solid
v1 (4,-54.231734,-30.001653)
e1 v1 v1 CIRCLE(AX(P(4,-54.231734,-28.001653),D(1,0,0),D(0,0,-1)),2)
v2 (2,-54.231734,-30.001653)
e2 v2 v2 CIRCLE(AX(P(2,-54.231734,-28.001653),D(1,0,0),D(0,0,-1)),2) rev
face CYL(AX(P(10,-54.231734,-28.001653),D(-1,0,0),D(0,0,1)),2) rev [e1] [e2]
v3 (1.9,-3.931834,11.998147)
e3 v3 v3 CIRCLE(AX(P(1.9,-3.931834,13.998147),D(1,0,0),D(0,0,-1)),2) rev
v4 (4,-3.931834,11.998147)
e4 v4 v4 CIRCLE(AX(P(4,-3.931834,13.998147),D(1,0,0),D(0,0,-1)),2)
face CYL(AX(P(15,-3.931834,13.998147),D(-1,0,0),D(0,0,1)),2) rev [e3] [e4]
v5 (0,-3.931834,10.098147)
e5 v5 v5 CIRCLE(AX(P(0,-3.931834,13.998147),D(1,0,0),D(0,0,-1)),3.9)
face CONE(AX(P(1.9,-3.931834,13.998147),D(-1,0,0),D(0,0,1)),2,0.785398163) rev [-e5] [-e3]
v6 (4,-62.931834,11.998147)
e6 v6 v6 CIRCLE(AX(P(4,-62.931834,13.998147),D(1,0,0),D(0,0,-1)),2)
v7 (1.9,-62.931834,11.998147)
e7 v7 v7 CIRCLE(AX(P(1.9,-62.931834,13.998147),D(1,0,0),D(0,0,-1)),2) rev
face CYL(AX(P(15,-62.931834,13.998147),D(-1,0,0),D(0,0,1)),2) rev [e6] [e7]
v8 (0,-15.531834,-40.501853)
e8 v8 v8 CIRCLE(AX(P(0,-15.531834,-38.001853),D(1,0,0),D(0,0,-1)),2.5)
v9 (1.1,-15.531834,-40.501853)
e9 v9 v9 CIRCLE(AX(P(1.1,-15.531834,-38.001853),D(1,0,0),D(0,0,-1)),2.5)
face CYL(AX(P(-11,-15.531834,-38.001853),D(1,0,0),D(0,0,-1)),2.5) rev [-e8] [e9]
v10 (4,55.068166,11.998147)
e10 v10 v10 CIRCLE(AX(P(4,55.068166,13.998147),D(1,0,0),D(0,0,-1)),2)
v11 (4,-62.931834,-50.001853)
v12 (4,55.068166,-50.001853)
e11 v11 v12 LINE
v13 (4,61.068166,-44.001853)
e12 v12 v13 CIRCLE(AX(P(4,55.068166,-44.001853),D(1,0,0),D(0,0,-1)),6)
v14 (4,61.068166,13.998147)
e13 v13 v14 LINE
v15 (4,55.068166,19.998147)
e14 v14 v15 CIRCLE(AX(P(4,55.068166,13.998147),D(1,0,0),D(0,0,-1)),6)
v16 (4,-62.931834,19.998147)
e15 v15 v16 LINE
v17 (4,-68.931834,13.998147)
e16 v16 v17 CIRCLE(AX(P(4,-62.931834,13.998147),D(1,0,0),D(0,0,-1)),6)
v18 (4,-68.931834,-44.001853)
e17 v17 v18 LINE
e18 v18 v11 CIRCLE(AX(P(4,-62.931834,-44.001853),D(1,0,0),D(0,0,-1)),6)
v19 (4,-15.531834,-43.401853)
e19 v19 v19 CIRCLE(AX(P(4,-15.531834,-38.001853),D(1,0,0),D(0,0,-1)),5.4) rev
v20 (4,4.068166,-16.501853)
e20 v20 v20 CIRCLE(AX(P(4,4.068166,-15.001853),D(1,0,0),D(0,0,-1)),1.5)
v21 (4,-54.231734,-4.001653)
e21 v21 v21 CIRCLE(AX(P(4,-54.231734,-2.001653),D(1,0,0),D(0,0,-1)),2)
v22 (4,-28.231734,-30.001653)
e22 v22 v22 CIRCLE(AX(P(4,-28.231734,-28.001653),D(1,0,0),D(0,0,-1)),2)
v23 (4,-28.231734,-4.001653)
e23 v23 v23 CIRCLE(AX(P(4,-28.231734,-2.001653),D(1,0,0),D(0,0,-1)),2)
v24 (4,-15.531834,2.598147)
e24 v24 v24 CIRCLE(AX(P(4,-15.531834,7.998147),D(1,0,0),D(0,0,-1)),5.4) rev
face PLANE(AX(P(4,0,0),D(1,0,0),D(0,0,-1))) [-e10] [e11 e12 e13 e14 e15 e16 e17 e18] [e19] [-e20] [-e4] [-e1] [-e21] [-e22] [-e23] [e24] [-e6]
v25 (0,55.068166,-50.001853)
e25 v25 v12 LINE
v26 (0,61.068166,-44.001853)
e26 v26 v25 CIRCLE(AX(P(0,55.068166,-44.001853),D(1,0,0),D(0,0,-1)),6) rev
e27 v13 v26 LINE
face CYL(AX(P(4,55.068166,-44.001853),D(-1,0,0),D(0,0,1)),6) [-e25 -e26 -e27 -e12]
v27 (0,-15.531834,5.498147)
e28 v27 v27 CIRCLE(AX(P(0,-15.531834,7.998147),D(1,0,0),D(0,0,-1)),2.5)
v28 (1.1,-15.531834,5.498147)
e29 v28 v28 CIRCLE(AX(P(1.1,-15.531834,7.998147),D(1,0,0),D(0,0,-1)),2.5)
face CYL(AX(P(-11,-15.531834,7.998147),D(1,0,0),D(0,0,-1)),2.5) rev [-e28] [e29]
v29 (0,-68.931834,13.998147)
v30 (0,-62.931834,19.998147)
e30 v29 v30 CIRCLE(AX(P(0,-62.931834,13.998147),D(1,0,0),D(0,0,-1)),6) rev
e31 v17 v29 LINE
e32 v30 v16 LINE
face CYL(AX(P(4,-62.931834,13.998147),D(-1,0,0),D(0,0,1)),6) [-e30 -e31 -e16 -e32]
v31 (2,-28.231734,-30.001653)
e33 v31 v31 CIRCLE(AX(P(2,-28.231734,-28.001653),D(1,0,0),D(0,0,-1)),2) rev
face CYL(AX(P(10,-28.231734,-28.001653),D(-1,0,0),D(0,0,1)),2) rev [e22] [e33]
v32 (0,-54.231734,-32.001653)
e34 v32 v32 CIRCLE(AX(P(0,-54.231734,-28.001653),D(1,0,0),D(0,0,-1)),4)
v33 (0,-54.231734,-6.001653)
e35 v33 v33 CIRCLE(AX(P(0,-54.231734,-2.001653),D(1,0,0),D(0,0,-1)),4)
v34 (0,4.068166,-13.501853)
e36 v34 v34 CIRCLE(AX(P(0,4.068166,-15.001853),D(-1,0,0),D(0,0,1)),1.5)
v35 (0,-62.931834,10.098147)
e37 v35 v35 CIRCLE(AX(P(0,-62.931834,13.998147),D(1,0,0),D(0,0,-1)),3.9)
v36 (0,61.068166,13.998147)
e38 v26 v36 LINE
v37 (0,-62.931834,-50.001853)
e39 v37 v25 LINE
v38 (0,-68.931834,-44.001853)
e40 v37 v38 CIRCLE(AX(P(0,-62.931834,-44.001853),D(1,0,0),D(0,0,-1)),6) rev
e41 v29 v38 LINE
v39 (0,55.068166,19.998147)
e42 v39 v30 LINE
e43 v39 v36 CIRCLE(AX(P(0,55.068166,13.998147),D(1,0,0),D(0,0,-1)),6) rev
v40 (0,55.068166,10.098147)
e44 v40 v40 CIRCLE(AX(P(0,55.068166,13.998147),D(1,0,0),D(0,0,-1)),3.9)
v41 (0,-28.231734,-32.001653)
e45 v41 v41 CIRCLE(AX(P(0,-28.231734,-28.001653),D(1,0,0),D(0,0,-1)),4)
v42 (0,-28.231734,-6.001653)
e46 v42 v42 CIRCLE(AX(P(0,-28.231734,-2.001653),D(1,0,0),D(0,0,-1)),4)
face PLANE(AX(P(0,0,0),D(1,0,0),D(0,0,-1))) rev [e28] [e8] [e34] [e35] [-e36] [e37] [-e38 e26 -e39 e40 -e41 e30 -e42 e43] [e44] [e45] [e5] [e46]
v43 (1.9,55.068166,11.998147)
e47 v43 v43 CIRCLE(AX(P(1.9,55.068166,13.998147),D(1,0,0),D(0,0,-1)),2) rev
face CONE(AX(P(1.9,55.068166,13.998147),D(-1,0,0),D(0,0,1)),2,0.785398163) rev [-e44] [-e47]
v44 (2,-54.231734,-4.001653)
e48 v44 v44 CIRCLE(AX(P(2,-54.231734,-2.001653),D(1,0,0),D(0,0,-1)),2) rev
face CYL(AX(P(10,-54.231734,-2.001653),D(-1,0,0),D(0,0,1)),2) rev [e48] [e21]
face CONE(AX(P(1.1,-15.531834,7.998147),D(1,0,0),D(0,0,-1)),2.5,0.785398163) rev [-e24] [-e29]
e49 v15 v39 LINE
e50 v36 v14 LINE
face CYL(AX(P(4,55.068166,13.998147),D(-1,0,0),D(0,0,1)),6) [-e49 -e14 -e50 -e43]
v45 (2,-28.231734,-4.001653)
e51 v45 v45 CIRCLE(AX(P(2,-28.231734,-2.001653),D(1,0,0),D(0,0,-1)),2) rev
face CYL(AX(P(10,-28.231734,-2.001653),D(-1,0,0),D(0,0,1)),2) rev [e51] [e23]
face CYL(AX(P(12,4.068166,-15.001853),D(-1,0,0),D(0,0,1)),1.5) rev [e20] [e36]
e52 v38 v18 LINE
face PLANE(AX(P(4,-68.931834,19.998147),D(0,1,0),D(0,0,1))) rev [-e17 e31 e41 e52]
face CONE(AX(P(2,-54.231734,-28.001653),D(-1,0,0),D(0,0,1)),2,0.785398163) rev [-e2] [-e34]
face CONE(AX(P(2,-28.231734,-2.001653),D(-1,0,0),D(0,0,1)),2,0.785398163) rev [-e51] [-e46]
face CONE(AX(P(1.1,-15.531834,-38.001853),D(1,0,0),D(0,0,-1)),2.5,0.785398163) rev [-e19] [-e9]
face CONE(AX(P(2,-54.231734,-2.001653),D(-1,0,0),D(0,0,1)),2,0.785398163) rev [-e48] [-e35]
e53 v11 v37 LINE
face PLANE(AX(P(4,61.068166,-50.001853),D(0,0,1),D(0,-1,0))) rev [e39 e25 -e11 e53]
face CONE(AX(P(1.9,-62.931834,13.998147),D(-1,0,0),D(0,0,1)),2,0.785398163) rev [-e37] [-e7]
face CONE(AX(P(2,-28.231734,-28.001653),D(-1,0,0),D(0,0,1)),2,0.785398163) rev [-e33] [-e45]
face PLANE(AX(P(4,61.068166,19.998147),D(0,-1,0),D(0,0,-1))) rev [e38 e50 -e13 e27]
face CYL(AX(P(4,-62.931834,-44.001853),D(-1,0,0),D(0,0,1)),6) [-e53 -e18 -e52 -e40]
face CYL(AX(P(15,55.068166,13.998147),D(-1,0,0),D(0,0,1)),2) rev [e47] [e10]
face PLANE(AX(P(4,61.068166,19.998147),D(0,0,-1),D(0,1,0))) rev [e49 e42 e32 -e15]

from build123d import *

# Parameters (mm, degrees)
SKETCH_1_W          = 70
SKETCH_1_H          = 130
EXTRUDE_1_DEPTH     = 4
SKETCH_2_R          = 2
CUT_EXTRUDE_1_DEPTH = 10
FILLET_1_R          = 6
CHAMFER_1_SIZE      = 2
SKETCH_3_R          = 2
CUT_EXTRUDE_2_DEPTH = 15
CHAMFER_2_SIZE      = 1.9
SKETCH_4_R          = 2.5
CUT_EXTRUDE_3_DEPTH = 15
CHAMFER_3_SIZE      = 2.9
SKETCH_5_R          = 1.5
CUT_EXTRUDE_4_DEPTH = 12


with BuildPart() as part:
    # Эскиз1 → Бобышка-Вытянуть1 (new body)
    with BuildSketch(Plane(origin=(0, 0, 0), x_dir=(0, 0, -1), z_dir=(1, 0, 0))):
        with Locations((15.001853179, -3.931833533)):
            Rectangle(SKETCH_1_W, SKETCH_1_H)
    extrude(amount=EXTRUDE_1_DEPTH)

    # Эскиз2 → Вырез-Вытянуть1 (cut)
    with BuildSketch(Plane.ZY):
        with Locations((-28.001653179, -28.231733533)):
            Circle(SKETCH_2_R)
        with Locations((-28.001653179, -54.231733533)):
            Circle(SKETCH_2_R)
        with Locations((-2.001653179, -28.231733533)):
            Circle(SKETCH_2_R)
        with Locations((-2.001653179, -54.231733533)):
            Circle(SKETCH_2_R)
    extrude(amount=-CUT_EXTRUDE_1_DEPTH, mode=Mode.SUBTRACT)

    # Скругление1
    fillet_1_edges = [part.edges().sort_by_distance(p)[0] for p in [
        (2, 61.068166467, 19.998146821),
        (2, 61.068166467, -50.001853179),
        (2, -68.931833533, -50.001853179),
        (2, -68.931833533, 19.998146821),
    ]]
    fillet(fillet_1_edges, radius=FILLET_1_R)

    # Фаска1
    chamfer_1_edges = [part.edges().sort_by_distance(p)[0] for p in [
        (0, -28.231733533, -30.001653179),
        (0, -54.231733533, -30.001653179),
        (0, -28.231733533, -4.001653179),
        (0, -54.231733533, -4.001653179),
    ]]
    chamfer(chamfer_1_edges, length=CHAMFER_1_SIZE)

    # Эскиз3 → Вырез-Вытянуть2 (cut)
    with BuildSketch(Plane.ZY):
        with Locations((13.998146821, 55.068166467)):
            Circle(SKETCH_3_R)
        with Locations((13.998146821, -62.931833533)):
            Circle(SKETCH_3_R)
        with Locations((13.998146821, -3.931833533)):
            Circle(SKETCH_3_R)
    extrude(amount=-CUT_EXTRUDE_2_DEPTH, mode=Mode.SUBTRACT)

    # Фаска2
    chamfer_2_edges = [part.edges().sort_by_distance(p)[0] for p in [
        (0, 55.068166467, 11.998146821),
        (0, -62.931833533, 11.998146821),
        (0, -3.931833533, 11.998146821),
    ]]
    chamfer(chamfer_2_edges, length=CHAMFER_2_SIZE)

    # Эскиз4 → Вырез-Вытянуть3 (cut)
    with BuildSketch(Plane(origin=(4, 0, 0), x_dir=(0, 0, -1), z_dir=(1, 0, 0))):
        with Locations((-7.998146821, -15.531833533)):
            Circle(SKETCH_4_R)
        with Locations((38.001853179, -15.531833533)):
            Circle(SKETCH_4_R)
    extrude(amount=-CUT_EXTRUDE_3_DEPTH, mode=Mode.SUBTRACT)

    # Фаска3
    chamfer_3_edges = [part.edges().sort_by_distance(p)[0] for p in [
        (4, -15.531833533, -35.501853179),
        (4, -15.531833533, 10.498146821),
    ]]
    chamfer(chamfer_3_edges, length=CHAMFER_3_SIZE)

    # Эскиз5 → Вырез-Вытянуть4 (cut)
    with BuildSketch(Plane.ZY):
        with Locations((-15.001853179, 4.068166467)):
            Circle(SKETCH_5_R)
    extrude(amount=-CUT_EXTRUDE_4_DEPTH, mode=Mode.SUBTRACT)


solid = part.part
